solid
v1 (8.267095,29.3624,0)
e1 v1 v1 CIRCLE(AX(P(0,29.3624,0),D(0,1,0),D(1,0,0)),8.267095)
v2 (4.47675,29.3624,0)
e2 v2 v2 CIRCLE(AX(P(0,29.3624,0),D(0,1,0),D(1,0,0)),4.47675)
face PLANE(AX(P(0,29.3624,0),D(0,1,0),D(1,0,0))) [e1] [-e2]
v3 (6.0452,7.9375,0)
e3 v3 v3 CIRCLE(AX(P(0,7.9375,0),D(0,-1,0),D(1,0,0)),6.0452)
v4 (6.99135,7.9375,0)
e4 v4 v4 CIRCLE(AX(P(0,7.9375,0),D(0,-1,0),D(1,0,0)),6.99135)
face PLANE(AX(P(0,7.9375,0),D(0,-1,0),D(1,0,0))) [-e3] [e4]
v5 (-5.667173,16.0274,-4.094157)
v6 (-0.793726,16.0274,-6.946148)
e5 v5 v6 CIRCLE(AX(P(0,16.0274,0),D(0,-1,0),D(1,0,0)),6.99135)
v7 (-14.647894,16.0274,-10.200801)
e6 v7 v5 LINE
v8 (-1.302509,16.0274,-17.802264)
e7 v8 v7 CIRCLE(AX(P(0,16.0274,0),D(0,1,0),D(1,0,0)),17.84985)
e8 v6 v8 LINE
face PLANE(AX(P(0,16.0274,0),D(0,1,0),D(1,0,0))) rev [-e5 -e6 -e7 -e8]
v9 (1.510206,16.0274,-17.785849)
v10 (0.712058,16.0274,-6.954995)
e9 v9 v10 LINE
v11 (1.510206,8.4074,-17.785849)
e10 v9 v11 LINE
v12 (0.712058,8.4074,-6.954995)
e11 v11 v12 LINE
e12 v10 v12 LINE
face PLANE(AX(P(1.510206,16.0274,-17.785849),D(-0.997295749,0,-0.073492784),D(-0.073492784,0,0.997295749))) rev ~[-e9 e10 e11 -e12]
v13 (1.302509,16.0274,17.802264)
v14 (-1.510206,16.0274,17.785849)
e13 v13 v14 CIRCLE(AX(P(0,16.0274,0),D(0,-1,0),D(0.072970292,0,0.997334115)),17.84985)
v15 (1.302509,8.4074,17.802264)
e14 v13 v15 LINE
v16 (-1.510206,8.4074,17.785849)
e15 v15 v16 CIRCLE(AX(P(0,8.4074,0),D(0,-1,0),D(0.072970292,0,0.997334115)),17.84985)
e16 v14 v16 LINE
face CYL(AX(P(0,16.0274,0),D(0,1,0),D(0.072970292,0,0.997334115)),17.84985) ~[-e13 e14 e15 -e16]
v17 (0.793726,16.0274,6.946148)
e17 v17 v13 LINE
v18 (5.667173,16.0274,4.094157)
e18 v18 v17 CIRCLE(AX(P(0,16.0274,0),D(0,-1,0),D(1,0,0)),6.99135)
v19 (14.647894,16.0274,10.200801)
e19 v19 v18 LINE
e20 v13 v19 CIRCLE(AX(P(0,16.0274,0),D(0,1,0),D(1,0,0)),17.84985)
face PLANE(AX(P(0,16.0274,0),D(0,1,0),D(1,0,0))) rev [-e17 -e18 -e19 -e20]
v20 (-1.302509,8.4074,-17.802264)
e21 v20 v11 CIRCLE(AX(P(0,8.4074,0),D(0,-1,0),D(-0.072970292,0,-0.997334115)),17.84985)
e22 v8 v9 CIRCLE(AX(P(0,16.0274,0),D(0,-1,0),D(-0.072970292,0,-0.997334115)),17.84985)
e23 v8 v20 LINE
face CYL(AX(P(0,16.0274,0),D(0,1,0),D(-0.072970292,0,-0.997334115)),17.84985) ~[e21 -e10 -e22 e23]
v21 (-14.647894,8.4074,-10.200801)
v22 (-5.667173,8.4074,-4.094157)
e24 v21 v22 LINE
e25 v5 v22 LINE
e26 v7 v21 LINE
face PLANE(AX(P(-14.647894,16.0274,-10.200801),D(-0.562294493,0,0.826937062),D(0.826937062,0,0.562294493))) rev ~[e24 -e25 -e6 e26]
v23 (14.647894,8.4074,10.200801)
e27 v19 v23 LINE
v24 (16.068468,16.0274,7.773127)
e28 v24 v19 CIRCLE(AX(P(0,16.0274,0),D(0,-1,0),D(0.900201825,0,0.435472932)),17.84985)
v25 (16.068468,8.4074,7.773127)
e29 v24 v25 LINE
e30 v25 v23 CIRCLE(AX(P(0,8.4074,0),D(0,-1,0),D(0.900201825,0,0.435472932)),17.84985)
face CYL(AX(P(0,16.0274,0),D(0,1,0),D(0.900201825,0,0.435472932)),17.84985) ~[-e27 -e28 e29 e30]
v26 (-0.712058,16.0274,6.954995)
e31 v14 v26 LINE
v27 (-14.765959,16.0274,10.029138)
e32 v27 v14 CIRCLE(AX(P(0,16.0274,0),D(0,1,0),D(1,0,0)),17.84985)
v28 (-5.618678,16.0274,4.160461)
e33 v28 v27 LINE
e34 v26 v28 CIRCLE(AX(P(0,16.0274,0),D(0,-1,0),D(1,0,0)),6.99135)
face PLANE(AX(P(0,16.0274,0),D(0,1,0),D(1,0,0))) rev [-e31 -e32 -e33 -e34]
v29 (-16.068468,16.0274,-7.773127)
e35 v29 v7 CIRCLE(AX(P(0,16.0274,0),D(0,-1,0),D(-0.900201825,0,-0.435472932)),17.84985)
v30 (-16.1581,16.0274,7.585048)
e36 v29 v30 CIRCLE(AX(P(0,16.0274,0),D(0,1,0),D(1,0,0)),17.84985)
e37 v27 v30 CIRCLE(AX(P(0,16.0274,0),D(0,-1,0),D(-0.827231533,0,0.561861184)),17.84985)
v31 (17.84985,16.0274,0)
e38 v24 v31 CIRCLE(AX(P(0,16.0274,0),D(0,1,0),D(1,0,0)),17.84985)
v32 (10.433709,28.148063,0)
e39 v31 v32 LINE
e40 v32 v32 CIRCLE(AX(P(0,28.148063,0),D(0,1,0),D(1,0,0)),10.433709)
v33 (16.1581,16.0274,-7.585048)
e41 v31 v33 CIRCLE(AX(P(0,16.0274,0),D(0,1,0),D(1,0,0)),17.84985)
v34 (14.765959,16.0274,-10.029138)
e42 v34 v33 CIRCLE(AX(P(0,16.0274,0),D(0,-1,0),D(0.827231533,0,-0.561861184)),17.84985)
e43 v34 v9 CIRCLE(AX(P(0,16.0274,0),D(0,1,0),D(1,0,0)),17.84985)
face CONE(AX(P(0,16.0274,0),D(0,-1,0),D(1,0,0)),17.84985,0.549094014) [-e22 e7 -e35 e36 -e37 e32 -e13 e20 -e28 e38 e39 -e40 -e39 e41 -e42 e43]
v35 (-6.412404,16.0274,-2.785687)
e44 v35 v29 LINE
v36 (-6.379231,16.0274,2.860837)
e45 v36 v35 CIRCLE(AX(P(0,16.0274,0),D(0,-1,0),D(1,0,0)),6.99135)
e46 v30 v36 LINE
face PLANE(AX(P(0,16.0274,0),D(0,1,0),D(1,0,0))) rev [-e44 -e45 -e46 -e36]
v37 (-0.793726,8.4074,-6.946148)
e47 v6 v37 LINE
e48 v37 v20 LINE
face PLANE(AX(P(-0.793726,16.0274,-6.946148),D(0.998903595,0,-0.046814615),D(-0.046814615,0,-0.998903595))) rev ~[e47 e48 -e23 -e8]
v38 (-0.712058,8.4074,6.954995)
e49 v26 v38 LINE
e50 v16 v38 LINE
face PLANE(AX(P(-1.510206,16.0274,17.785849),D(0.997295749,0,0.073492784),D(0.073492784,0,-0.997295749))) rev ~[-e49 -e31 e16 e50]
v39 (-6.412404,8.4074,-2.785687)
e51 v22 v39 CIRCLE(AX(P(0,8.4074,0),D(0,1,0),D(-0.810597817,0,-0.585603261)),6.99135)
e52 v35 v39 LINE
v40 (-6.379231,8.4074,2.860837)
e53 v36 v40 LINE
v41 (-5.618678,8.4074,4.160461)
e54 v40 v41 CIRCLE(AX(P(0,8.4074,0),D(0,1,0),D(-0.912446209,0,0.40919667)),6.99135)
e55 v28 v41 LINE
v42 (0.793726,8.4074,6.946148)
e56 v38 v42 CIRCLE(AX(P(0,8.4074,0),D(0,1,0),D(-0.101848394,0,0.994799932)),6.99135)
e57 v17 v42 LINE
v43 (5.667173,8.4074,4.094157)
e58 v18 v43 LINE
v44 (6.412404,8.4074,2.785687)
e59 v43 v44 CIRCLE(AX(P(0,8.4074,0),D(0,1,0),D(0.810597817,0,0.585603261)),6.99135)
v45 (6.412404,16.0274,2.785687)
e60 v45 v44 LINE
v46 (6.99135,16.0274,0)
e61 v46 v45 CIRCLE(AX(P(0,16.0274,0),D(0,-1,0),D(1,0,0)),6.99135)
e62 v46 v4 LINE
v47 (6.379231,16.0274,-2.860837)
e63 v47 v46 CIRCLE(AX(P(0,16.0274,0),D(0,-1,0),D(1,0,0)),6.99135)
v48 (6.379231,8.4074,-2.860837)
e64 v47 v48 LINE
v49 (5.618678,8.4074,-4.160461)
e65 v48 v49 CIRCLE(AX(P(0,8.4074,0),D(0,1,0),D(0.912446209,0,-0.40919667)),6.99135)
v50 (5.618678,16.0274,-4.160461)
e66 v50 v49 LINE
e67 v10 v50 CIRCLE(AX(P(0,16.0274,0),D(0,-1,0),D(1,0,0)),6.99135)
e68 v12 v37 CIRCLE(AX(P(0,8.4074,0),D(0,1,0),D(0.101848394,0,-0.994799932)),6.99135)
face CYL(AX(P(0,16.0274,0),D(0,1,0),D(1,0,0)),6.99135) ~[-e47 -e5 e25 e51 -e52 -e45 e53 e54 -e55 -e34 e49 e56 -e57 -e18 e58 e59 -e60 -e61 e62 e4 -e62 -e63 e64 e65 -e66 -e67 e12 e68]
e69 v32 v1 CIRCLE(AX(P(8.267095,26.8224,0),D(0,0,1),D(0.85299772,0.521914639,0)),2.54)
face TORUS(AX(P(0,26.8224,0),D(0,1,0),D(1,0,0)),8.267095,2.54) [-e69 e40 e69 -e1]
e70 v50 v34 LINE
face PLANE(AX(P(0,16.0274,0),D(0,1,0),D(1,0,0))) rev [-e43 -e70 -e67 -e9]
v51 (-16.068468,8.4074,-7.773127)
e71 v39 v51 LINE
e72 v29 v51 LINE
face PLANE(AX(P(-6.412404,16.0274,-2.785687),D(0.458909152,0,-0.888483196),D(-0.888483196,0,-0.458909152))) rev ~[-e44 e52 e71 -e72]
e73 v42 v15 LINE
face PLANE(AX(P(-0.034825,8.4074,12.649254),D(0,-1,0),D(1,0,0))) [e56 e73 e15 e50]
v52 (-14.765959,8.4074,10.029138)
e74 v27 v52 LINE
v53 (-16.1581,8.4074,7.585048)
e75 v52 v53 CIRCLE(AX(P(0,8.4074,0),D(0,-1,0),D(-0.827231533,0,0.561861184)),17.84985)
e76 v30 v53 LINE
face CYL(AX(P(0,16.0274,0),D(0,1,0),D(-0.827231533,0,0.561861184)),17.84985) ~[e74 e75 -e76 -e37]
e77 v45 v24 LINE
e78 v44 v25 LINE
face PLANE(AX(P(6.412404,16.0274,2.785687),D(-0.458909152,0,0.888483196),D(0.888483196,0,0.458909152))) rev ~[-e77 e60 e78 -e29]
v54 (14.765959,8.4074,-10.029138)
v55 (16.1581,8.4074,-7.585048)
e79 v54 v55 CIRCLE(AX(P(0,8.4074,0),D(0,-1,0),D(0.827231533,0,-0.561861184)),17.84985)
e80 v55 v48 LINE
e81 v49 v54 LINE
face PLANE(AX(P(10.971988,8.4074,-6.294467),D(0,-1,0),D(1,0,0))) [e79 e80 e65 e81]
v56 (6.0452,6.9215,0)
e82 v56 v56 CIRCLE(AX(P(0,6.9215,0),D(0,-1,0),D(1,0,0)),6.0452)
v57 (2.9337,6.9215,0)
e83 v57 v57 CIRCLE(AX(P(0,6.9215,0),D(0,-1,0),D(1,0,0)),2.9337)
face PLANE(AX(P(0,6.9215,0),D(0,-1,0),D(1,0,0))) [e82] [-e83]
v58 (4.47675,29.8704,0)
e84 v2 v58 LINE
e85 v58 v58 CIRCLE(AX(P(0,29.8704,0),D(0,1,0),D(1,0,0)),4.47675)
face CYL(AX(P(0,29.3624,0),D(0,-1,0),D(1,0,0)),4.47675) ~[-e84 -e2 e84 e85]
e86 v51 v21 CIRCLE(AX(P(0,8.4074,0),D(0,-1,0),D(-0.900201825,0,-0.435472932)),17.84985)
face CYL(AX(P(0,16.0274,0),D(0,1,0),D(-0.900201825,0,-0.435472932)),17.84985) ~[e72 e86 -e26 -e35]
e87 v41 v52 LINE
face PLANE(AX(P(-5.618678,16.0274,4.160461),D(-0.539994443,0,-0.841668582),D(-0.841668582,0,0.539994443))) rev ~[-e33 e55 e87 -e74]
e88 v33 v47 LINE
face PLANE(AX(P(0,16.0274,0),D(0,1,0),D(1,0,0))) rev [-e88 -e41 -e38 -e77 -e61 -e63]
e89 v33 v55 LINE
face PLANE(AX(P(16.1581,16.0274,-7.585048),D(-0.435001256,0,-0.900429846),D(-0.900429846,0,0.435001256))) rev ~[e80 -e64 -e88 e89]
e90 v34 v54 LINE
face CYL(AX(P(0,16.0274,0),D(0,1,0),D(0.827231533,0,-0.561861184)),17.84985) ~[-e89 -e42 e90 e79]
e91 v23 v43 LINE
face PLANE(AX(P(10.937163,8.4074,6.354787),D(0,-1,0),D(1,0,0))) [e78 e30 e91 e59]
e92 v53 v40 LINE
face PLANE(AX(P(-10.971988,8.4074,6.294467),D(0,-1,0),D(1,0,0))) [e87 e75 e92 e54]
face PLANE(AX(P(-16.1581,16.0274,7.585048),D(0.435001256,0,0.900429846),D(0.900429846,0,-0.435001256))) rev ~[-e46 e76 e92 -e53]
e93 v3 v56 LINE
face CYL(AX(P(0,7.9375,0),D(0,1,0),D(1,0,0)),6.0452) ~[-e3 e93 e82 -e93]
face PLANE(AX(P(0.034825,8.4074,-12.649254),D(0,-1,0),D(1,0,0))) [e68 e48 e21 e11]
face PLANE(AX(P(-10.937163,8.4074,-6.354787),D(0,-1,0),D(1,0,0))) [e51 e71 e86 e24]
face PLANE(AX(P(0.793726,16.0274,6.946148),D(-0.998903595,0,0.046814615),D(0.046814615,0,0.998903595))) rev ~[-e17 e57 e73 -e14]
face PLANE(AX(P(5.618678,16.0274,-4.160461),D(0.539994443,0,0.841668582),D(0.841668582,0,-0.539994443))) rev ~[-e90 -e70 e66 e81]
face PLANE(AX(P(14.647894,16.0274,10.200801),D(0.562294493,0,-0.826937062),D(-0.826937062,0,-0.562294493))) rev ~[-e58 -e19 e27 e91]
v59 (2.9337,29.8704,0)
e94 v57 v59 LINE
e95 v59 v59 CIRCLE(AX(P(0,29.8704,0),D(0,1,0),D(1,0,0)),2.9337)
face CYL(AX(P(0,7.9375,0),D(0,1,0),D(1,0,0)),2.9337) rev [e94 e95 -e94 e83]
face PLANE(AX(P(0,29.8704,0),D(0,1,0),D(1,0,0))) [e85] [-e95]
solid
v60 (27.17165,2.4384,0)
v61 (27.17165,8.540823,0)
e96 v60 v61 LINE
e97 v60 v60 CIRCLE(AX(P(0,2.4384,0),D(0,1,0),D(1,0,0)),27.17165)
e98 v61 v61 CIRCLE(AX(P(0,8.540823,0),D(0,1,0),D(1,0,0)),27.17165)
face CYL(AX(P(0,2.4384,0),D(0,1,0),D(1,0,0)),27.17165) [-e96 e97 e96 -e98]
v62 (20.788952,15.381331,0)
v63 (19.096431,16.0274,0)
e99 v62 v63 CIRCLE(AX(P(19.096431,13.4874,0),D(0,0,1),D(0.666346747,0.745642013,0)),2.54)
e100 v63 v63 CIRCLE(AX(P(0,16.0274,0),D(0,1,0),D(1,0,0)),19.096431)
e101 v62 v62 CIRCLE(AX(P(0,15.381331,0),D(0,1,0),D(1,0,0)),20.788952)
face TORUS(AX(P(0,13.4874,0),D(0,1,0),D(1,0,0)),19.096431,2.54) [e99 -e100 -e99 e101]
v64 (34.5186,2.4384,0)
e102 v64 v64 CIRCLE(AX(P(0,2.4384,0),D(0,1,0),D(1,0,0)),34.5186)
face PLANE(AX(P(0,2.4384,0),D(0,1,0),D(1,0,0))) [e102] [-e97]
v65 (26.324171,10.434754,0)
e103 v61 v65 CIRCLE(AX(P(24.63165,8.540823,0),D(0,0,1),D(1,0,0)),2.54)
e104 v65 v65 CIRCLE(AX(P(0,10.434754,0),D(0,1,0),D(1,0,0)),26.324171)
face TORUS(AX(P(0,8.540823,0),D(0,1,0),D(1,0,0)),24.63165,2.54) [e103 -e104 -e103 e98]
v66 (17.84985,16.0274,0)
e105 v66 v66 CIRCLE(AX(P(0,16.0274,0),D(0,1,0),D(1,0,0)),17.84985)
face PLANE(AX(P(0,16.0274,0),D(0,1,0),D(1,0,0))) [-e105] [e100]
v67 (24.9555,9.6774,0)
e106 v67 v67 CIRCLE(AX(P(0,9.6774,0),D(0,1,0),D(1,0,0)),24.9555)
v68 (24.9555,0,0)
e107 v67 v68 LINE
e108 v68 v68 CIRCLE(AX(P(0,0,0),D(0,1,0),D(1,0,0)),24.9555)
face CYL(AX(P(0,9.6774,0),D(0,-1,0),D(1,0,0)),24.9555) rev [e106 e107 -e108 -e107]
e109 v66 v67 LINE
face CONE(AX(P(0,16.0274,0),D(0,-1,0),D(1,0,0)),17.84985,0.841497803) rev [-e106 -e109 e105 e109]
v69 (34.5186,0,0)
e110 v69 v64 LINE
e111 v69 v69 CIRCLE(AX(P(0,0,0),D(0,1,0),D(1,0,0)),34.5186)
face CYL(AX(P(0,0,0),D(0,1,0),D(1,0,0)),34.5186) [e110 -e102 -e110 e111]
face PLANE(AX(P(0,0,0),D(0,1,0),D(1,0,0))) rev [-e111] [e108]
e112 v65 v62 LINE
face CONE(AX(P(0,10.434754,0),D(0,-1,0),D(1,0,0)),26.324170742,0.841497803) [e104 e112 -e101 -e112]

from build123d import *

# Parameters (mm, degrees)
SKETCH2_R           = 4.47675
SKETCH2_R_2         = 2.9337
BOSS_EXTRUDE1_DEPTH = 0.508
SKETCH3_R           = 6.99135
SKETCH3_R_2         = 2.9337
BOSS_EXTRUDE2_DEPTH = 8.0899
SKETCH4_R           = 6.0452
SKETCH4_R_2         = 2.9337
BOSS_EXTRUDE3_DEPTH = 1.016
BOSS_EXTRUDE4_DEPTH = 7.62


with BuildPart() as part:
    # Sketch1 → Revolve1 (revolve)
    with BuildSketch(Plane.XY):
        with BuildLine():
            Line((27.17165, 0), (34.5186, 0))
            Line((34.5186, 0), (34.5186, 2.4384))
            Line((34.5186, 2.4384), (27.17165, 2.4384))
            Line((27.17165, 2.4384), (27.17165, 8.540823407))
            ThreePointArc((27.17165, 8.540823407), (26.950119612, 9.578271554), (26.324170742, 10.434754118))
            Line((26.324170742, 10.434754118), (20.788951535, 15.381330711))
            ThreePointArc((20.788951535, 15.381330711), (20.002249757, 15.860392204), (19.096430792, 16.0274))
            Line((19.096430792, 16.0274), (17.84985, 16.0274))
            Line((17.84985, 16.0274), (24.9555, 9.6774))
            Line((24.9555, 9.6774), (24.9555, 0))
            Line((24.9555, 0), (27.17165, 0))
        make_face()
    revolve(axis=Axis((0, 0, 0), (0, 1, 0)))


with BuildPart() as body_2:
    # Sketch1<3> → Revolve2 (revolve)
    with BuildSketch(Plane.XY):
        with BuildLine():
            Line((2.9337, 16.0274), (17.84985, 16.0274))
            Line((17.84985, 16.0274), (10.433708778, 28.148063183))
            ThreePointArc((10.433708778, 28.148063183), (9.508951147, 29.038114838), (8.26709457, 29.3624))
            Line((8.26709457, 29.3624), (2.9337, 29.3624))
            Line((2.9337, 29.3624), (2.9337, 16.0274))
        make_face()
    revolve(axis=Axis((0, 0, 0), (0, 1, 0)))

    # Sketch2 → Boss-Extrude1 (add)
    with BuildSketch(Plane(origin=(0, 29.3624, 0), x_dir=(1, 0, 0), z_dir=(0, 1, 0))):
        Circle(SKETCH2_R)
        Circle(SKETCH2_R_2, mode=Mode.SUBTRACT)
    extrude(amount=BOSS_EXTRUDE1_DEPTH)

    # Sketch3 → Boss-Extrude2 (add)
    with BuildSketch(Plane.XZ.offset(-16.0274)):
        Circle(SKETCH3_R)
        Circle(SKETCH3_R_2, mode=Mode.SUBTRACT)
    extrude(amount=BOSS_EXTRUDE2_DEPTH)

    # Sketch4 → Boss-Extrude3 (add)
    with BuildSketch(Plane.XZ.offset(-7.9375)):
        Circle(SKETCH4_R)
        Circle(SKETCH4_R_2, mode=Mode.SUBTRACT)
    extrude(amount=BOSS_EXTRUDE3_DEPTH)

    # Sketch5 → Boss-Extrude4 (add)
    with BuildSketch(Plane.XZ.offset(-16.0274)):
        with BuildLine():
            ThreePointArc((-6.379230805, 2.860837142), (-6.034045723, 3.531184933), (-5.618677723, 4.160460968))
            Line((-5.618677723, 4.160460968), (-14.765958792, 10.029137848))
            ThreePointArc((-14.765958792, 10.029137848), (-15.510246483, 8.834557095), (-16.158099934, 7.585047892))
            Line((-16.158099934, 7.585047892), (-6.379230805, 2.860837142))
        make_face()
        with BuildLine():
            ThreePointArc((-5.667173044, -4.094157363), (-6.075118719, -3.460044417), (-6.412403751, -2.78568716))
            Line((-6.412403751, -2.78568716), (-16.068467551, -7.773126501))
            ThreePointArc((-16.068467551, -7.773126501), (-15.406074117, -9.014988925), (-14.647894131, -10.200801074))
            Line((-14.647894131, -10.200801074), (-5.667173044, -4.094157363))
        make_face()
        with BuildLine():
            Line((16.158099934, -7.585047892), (6.379230805, -2.860837142))
            ThreePointArc((6.379230805, -2.860837142), (6.034045723, -3.531184933), (5.618677723, -4.160460968))
            Line((5.618677723, -4.160460968), (14.765958792, -10.029137848))
            ThreePointArc((14.765958792, -10.029137848), (15.510246483, -8.834557095), (16.158099934, -7.585047892))
        make_face()
        with BuildLine():
            Line((14.647894131, 10.200801074), (5.667173044, 4.094157363))
            ThreePointArc((5.667173044, 4.094157363), (6.075118719, 3.460044417), (6.412403751, 2.78568716))
            Line((6.412403751, 2.78568716), (16.068467551, 7.773126501))
            ThreePointArc((16.068467551, 7.773126501), (15.406074117, 9.014988925), (14.647894131, 10.200801074))
        make_face()
        with BuildLine():
            ThreePointArc((0.712057762, -6.954994505), (-0.041072996, -6.991229351), (-0.793726028, -6.946148128))
            Line((-0.793726028, -6.946148128), (-1.302508759, -17.802264349))
            ThreePointArc((-1.302508759, -17.802264349), (0.104172366, -17.849546021), (1.510205804, -17.785848966))
            Line((1.510205804, -17.785848966), (0.712057762, -6.954994505))
        make_face()
        with BuildLine():
            Line((0.793726028, 6.946148128), (1.302508759, 17.802264349))
            ThreePointArc((1.302508759, 17.802264349), (-0.104172366, 17.849546021), (-1.510205804, 17.785848966))
            Line((-1.510205804, 17.785848966), (-0.712057762, 6.954994505))
            ThreePointArc((-0.712057762, 6.954994505), (0.041072996, 6.991229351), (0.793726028, 6.946148128))
        make_face()
    extrude(amount=BOSS_EXTRUDE4_DEPTH)


solid = Compound([part.part, body_2.part])
